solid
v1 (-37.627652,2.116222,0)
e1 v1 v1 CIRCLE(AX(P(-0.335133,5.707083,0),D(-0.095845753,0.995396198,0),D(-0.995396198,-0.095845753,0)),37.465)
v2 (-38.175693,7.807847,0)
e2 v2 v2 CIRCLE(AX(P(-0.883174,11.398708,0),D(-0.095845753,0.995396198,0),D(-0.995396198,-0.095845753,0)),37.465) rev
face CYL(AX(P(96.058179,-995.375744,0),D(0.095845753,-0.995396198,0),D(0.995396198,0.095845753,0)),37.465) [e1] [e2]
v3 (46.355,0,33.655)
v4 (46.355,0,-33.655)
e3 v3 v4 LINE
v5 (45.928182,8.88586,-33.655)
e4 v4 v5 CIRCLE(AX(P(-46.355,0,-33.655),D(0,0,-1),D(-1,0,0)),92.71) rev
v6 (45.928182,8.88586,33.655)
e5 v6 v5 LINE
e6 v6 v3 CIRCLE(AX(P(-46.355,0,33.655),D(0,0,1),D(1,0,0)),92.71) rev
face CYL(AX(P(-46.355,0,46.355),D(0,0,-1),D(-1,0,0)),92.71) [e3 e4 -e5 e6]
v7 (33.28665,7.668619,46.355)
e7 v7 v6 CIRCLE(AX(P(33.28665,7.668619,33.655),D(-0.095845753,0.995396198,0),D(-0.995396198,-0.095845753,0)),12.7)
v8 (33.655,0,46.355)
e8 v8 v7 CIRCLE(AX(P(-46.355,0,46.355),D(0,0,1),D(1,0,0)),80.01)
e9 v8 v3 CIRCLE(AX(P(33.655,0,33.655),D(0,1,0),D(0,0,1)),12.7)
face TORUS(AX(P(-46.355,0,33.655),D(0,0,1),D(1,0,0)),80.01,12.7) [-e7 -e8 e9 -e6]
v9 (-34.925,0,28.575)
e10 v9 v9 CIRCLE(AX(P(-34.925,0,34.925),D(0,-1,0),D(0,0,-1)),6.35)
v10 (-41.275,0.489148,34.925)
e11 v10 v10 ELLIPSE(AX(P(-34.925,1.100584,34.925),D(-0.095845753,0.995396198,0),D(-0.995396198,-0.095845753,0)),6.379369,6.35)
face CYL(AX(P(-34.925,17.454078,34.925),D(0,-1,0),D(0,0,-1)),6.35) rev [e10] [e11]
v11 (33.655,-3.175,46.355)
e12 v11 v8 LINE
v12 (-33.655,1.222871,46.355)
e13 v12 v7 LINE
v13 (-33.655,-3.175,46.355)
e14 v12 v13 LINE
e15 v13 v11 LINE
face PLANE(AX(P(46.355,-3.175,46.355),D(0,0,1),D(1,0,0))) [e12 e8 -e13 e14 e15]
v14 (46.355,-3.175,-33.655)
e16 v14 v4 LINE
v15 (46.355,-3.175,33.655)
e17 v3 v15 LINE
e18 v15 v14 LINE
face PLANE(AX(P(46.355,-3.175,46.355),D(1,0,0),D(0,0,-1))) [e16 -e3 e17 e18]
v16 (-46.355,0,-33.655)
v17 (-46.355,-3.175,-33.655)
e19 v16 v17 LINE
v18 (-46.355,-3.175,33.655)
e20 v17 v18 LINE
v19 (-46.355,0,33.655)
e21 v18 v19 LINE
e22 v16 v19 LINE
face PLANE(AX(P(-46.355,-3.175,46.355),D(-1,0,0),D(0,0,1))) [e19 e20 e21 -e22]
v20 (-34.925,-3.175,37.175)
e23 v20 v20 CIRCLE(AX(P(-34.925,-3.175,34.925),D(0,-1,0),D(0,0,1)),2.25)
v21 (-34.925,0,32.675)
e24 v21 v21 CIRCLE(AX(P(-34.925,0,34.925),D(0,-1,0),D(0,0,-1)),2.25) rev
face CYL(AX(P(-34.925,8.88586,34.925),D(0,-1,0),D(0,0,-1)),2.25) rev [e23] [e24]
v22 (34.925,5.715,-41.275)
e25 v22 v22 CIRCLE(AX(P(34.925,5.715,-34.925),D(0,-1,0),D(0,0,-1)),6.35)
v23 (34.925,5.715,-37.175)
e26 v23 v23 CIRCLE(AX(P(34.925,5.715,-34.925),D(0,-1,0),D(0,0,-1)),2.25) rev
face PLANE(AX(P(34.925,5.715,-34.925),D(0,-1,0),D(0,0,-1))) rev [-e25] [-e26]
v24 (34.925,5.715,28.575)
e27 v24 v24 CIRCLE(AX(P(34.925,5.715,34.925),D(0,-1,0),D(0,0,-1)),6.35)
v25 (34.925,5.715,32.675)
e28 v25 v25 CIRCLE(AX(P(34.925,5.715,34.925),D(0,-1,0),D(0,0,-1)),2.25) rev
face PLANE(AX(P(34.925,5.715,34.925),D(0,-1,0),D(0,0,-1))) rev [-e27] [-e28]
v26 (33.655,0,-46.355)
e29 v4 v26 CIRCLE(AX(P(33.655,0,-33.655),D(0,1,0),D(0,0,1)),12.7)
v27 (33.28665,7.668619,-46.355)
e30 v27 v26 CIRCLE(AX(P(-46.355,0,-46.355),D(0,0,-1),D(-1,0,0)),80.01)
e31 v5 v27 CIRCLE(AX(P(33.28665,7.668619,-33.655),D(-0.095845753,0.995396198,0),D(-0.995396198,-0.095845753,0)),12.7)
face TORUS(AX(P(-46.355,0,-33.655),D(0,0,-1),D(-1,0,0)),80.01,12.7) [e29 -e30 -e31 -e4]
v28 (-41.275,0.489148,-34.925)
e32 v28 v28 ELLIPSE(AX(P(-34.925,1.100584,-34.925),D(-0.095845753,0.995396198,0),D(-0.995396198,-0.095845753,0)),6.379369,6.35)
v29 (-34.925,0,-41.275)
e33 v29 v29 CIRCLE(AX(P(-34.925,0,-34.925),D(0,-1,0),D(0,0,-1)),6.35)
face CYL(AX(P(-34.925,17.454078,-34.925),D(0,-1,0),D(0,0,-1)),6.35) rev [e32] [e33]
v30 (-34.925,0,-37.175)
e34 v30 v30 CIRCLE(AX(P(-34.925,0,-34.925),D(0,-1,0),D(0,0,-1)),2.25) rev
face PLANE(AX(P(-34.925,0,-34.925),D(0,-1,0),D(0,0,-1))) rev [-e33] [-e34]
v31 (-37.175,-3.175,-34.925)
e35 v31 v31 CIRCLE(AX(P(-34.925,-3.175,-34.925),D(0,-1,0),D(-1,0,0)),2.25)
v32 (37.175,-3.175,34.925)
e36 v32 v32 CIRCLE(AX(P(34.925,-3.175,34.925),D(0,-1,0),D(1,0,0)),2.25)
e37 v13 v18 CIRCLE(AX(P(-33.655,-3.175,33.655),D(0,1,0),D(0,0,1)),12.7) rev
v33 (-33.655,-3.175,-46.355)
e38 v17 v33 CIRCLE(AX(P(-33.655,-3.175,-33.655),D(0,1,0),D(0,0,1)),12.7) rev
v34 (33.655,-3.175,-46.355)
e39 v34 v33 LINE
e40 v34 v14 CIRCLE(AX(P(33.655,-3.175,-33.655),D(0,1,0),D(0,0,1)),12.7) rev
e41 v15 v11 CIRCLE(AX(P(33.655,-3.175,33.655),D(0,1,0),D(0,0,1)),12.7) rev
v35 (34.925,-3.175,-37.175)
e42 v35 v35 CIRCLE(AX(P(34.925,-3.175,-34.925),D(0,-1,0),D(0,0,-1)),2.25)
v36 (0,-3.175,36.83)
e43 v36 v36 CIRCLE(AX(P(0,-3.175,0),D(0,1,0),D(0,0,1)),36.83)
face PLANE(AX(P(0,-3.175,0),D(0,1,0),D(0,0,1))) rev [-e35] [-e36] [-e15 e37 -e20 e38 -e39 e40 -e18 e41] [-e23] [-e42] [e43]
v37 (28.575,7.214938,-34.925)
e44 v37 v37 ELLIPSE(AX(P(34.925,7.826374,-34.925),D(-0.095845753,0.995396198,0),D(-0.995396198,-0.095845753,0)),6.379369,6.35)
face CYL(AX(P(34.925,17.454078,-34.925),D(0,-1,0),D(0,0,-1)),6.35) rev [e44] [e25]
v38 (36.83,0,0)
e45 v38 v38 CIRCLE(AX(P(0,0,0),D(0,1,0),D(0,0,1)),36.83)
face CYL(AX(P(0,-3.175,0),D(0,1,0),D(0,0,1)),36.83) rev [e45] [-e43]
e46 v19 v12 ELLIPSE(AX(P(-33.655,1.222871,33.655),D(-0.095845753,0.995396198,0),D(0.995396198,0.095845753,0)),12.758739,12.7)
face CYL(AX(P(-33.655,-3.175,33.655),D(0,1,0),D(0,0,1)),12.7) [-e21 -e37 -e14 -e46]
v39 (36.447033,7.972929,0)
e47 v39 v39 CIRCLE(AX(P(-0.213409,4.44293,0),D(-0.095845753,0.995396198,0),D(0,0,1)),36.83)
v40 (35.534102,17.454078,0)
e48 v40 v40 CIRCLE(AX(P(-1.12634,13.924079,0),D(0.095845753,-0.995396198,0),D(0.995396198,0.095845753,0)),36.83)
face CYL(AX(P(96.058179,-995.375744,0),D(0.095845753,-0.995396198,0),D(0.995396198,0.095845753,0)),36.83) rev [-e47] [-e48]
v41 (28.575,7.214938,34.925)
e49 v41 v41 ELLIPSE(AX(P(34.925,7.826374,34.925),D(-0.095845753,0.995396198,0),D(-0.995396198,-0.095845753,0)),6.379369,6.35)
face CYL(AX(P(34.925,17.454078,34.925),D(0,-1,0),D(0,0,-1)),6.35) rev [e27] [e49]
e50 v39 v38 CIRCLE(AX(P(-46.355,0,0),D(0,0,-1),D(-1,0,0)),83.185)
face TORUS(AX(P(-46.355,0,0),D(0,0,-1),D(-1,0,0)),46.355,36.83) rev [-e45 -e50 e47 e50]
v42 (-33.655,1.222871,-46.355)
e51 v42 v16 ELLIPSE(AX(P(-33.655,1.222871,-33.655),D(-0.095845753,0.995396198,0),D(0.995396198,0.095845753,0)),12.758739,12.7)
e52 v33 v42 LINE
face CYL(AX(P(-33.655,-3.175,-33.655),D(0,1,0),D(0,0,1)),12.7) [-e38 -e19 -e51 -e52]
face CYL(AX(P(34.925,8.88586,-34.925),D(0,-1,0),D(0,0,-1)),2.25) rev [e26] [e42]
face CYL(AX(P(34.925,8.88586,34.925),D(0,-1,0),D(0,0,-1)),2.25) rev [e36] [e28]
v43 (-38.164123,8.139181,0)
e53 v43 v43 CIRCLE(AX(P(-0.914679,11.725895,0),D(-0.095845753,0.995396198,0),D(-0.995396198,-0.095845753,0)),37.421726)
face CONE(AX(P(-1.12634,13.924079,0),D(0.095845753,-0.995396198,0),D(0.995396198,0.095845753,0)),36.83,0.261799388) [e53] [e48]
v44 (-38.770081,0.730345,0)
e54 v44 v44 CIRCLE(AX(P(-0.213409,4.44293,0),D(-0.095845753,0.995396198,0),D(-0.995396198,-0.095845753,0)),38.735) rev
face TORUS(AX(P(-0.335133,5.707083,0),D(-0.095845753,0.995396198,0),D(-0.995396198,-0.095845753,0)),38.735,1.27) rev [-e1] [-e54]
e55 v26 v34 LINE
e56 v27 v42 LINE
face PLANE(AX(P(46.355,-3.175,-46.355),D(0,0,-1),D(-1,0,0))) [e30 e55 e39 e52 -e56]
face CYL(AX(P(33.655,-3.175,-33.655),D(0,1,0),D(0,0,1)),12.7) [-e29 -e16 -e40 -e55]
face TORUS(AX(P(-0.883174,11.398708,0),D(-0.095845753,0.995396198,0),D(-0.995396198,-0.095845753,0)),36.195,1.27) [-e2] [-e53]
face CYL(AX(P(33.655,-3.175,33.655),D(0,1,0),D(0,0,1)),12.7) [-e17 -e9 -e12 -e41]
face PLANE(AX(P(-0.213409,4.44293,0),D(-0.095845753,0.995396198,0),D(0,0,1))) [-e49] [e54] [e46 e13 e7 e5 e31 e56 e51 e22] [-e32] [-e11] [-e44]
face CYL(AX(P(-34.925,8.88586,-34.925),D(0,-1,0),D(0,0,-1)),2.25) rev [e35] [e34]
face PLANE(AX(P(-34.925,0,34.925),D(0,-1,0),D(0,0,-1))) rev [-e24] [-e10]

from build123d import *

# Parameters (mm, degrees)
SKETCH1_W           = 92.71
SKETCH1_H           = 92.71
SKETCH1_R           = 36.83
BOSS_EXTRUDE1_DEPTH = 3.175
SKETCH1_2_W         = 92.71
SKETCH1_2_H         = 92.71
SKETCH1_2_R         = 36.83
REVOLVE2_ANGLE      = 5.5
SKETCH2_R           = 2.25
CUT_EXTRUDE1_DEPTH  = 67.6561054
CIRPATTERN1_COUNT   = 4
FILLET1_R           = 12.7
FILLET2_R           = 1.27
SKETCH6_R           = 6.35
CUT_EXTRUDE2_DEPTH  = 68.839640936
SKETCH7_R           = 6.35
CUT_EXTRUDE3_DEPTH  = 67.598633604


with BuildPart() as part:
    # Sketch1 → Boss-Extrude1 (new body)
    with BuildSketch(Plane(origin=(0, 0, 0), x_dir=(1, 0, 0), z_dir=(0, 1, 0))):
        Rectangle(SKETCH1_W, SKETCH1_H)
        Circle(SKETCH1_R, mode=Mode.SUBTRACT)
    extrude(amount=-BOSS_EXTRUDE1_DEPTH)

    # Sketch1<2> → Revolve2 (revolve)
    with BuildSketch(Plane(origin=(0, 0, 0), x_dir=(1, 0, 0), z_dir=(0, 1, 0))):
        Rectangle(SKETCH1_2_W, SKETCH1_2_H)
        Circle(SKETCH1_2_R, mode=Mode.SUBTRACT)
    revolve(axis=Axis((-46.355, 0, 46.355), (0, 0, 1)), revolution_arc=REVOLVE2_ANGLE)

    # Sketch2 → Cut-Extrude1 (cut, through all)
    with BuildSketch(Plane(origin=(0, -3.175, 0), x_dir=(-1, 0, 0), z_dir=(0, -1, 0))):
        with Locations((-34.925, 34.925)):
            Circle(SKETCH2_R)
    cut_extrude1 = extrude(amount=-CUT_EXTRUDE1_DEPTH, mode=Mode.SUBTRACT)

    # CirPattern1: Cut-Extrude1 ×4 about axis
    cirpattern1_axis = Axis((0, -3.175, 0), (0, 1, 0))
    for i in range(1, CIRPATTERN1_COUNT):
        add(cut_extrude1.rotate(cirpattern1_axis, i * 360 / CIRPATTERN1_COUNT), mode=Mode.SUBTRACT)

    # Fillet1
    fillet1_edges = [part.edges().sort_by_distance(p)[0] for p in [
        (-46.355, -1.5875, -46.355),
        (-46.355, -1.5875, 46.355),
        (46.355, -1.5875, 46.355),
        (46.355, -1.5875, -46.355),
        (46.248233911, 4.448052295, 46.355),
        (46.248233911, 4.448052295, -46.355),
    ]]
    fillet(fillet1_edges, radius=FILLET1_R)

    # Sketch4 → Revolve1 (revolve)
    with BuildSketch(Plane.XY):
        Polygon((-37.505927797, 0.85206874), (-36.873851211, 0.912930793), (-37.786782003, 10.394079582), (-38.191718316, 7.974275596), align=None)
    revolve(axis=Axis((96.058179251, -995.375743999, 0), (-0.09584575252022438, 0.9953961983671787, 0)))

    # Fillet2
    fillet2_edges = [part.edges().sort_by_distance(p)[0] for p in [
        (36.393318828, 15.155997833, 0),
        (37.079109347, 8.033790976, 0),
    ]]
    fillet(fillet2_edges, radius=FILLET2_R)

    # Sketch6 → Cut-Extrude2 (cut, through all)
    with BuildSketch(Plane(origin=(0, 0, 0), x_dir=(-1, 0, 0), z_dir=(0, -1, 0))):
        with Locations((34.925, -34.925)):
            Circle(SKETCH6_R)
        with Locations((34.925, 34.925)):
            Circle(SKETCH6_R)
    extrude(amount=-CUT_EXTRUDE2_DEPTH, mode=Mode.SUBTRACT)

    # Sketch7 → Cut-Extrude3 (cut, through all)
    with BuildSketch(Plane(origin=(0, 5.715, 0), x_dir=(-1, 0, 0), z_dir=(0, -1, 0))):
        with Locations((-34.925, 34.925)):
            Circle(SKETCH7_R)
        with Locations((-34.925, -34.925)):
            Circle(SKETCH7_R)
    extrude(amount=-CUT_EXTRUDE3_DEPTH, mode=Mode.SUBTRACT)


solid = part.part
